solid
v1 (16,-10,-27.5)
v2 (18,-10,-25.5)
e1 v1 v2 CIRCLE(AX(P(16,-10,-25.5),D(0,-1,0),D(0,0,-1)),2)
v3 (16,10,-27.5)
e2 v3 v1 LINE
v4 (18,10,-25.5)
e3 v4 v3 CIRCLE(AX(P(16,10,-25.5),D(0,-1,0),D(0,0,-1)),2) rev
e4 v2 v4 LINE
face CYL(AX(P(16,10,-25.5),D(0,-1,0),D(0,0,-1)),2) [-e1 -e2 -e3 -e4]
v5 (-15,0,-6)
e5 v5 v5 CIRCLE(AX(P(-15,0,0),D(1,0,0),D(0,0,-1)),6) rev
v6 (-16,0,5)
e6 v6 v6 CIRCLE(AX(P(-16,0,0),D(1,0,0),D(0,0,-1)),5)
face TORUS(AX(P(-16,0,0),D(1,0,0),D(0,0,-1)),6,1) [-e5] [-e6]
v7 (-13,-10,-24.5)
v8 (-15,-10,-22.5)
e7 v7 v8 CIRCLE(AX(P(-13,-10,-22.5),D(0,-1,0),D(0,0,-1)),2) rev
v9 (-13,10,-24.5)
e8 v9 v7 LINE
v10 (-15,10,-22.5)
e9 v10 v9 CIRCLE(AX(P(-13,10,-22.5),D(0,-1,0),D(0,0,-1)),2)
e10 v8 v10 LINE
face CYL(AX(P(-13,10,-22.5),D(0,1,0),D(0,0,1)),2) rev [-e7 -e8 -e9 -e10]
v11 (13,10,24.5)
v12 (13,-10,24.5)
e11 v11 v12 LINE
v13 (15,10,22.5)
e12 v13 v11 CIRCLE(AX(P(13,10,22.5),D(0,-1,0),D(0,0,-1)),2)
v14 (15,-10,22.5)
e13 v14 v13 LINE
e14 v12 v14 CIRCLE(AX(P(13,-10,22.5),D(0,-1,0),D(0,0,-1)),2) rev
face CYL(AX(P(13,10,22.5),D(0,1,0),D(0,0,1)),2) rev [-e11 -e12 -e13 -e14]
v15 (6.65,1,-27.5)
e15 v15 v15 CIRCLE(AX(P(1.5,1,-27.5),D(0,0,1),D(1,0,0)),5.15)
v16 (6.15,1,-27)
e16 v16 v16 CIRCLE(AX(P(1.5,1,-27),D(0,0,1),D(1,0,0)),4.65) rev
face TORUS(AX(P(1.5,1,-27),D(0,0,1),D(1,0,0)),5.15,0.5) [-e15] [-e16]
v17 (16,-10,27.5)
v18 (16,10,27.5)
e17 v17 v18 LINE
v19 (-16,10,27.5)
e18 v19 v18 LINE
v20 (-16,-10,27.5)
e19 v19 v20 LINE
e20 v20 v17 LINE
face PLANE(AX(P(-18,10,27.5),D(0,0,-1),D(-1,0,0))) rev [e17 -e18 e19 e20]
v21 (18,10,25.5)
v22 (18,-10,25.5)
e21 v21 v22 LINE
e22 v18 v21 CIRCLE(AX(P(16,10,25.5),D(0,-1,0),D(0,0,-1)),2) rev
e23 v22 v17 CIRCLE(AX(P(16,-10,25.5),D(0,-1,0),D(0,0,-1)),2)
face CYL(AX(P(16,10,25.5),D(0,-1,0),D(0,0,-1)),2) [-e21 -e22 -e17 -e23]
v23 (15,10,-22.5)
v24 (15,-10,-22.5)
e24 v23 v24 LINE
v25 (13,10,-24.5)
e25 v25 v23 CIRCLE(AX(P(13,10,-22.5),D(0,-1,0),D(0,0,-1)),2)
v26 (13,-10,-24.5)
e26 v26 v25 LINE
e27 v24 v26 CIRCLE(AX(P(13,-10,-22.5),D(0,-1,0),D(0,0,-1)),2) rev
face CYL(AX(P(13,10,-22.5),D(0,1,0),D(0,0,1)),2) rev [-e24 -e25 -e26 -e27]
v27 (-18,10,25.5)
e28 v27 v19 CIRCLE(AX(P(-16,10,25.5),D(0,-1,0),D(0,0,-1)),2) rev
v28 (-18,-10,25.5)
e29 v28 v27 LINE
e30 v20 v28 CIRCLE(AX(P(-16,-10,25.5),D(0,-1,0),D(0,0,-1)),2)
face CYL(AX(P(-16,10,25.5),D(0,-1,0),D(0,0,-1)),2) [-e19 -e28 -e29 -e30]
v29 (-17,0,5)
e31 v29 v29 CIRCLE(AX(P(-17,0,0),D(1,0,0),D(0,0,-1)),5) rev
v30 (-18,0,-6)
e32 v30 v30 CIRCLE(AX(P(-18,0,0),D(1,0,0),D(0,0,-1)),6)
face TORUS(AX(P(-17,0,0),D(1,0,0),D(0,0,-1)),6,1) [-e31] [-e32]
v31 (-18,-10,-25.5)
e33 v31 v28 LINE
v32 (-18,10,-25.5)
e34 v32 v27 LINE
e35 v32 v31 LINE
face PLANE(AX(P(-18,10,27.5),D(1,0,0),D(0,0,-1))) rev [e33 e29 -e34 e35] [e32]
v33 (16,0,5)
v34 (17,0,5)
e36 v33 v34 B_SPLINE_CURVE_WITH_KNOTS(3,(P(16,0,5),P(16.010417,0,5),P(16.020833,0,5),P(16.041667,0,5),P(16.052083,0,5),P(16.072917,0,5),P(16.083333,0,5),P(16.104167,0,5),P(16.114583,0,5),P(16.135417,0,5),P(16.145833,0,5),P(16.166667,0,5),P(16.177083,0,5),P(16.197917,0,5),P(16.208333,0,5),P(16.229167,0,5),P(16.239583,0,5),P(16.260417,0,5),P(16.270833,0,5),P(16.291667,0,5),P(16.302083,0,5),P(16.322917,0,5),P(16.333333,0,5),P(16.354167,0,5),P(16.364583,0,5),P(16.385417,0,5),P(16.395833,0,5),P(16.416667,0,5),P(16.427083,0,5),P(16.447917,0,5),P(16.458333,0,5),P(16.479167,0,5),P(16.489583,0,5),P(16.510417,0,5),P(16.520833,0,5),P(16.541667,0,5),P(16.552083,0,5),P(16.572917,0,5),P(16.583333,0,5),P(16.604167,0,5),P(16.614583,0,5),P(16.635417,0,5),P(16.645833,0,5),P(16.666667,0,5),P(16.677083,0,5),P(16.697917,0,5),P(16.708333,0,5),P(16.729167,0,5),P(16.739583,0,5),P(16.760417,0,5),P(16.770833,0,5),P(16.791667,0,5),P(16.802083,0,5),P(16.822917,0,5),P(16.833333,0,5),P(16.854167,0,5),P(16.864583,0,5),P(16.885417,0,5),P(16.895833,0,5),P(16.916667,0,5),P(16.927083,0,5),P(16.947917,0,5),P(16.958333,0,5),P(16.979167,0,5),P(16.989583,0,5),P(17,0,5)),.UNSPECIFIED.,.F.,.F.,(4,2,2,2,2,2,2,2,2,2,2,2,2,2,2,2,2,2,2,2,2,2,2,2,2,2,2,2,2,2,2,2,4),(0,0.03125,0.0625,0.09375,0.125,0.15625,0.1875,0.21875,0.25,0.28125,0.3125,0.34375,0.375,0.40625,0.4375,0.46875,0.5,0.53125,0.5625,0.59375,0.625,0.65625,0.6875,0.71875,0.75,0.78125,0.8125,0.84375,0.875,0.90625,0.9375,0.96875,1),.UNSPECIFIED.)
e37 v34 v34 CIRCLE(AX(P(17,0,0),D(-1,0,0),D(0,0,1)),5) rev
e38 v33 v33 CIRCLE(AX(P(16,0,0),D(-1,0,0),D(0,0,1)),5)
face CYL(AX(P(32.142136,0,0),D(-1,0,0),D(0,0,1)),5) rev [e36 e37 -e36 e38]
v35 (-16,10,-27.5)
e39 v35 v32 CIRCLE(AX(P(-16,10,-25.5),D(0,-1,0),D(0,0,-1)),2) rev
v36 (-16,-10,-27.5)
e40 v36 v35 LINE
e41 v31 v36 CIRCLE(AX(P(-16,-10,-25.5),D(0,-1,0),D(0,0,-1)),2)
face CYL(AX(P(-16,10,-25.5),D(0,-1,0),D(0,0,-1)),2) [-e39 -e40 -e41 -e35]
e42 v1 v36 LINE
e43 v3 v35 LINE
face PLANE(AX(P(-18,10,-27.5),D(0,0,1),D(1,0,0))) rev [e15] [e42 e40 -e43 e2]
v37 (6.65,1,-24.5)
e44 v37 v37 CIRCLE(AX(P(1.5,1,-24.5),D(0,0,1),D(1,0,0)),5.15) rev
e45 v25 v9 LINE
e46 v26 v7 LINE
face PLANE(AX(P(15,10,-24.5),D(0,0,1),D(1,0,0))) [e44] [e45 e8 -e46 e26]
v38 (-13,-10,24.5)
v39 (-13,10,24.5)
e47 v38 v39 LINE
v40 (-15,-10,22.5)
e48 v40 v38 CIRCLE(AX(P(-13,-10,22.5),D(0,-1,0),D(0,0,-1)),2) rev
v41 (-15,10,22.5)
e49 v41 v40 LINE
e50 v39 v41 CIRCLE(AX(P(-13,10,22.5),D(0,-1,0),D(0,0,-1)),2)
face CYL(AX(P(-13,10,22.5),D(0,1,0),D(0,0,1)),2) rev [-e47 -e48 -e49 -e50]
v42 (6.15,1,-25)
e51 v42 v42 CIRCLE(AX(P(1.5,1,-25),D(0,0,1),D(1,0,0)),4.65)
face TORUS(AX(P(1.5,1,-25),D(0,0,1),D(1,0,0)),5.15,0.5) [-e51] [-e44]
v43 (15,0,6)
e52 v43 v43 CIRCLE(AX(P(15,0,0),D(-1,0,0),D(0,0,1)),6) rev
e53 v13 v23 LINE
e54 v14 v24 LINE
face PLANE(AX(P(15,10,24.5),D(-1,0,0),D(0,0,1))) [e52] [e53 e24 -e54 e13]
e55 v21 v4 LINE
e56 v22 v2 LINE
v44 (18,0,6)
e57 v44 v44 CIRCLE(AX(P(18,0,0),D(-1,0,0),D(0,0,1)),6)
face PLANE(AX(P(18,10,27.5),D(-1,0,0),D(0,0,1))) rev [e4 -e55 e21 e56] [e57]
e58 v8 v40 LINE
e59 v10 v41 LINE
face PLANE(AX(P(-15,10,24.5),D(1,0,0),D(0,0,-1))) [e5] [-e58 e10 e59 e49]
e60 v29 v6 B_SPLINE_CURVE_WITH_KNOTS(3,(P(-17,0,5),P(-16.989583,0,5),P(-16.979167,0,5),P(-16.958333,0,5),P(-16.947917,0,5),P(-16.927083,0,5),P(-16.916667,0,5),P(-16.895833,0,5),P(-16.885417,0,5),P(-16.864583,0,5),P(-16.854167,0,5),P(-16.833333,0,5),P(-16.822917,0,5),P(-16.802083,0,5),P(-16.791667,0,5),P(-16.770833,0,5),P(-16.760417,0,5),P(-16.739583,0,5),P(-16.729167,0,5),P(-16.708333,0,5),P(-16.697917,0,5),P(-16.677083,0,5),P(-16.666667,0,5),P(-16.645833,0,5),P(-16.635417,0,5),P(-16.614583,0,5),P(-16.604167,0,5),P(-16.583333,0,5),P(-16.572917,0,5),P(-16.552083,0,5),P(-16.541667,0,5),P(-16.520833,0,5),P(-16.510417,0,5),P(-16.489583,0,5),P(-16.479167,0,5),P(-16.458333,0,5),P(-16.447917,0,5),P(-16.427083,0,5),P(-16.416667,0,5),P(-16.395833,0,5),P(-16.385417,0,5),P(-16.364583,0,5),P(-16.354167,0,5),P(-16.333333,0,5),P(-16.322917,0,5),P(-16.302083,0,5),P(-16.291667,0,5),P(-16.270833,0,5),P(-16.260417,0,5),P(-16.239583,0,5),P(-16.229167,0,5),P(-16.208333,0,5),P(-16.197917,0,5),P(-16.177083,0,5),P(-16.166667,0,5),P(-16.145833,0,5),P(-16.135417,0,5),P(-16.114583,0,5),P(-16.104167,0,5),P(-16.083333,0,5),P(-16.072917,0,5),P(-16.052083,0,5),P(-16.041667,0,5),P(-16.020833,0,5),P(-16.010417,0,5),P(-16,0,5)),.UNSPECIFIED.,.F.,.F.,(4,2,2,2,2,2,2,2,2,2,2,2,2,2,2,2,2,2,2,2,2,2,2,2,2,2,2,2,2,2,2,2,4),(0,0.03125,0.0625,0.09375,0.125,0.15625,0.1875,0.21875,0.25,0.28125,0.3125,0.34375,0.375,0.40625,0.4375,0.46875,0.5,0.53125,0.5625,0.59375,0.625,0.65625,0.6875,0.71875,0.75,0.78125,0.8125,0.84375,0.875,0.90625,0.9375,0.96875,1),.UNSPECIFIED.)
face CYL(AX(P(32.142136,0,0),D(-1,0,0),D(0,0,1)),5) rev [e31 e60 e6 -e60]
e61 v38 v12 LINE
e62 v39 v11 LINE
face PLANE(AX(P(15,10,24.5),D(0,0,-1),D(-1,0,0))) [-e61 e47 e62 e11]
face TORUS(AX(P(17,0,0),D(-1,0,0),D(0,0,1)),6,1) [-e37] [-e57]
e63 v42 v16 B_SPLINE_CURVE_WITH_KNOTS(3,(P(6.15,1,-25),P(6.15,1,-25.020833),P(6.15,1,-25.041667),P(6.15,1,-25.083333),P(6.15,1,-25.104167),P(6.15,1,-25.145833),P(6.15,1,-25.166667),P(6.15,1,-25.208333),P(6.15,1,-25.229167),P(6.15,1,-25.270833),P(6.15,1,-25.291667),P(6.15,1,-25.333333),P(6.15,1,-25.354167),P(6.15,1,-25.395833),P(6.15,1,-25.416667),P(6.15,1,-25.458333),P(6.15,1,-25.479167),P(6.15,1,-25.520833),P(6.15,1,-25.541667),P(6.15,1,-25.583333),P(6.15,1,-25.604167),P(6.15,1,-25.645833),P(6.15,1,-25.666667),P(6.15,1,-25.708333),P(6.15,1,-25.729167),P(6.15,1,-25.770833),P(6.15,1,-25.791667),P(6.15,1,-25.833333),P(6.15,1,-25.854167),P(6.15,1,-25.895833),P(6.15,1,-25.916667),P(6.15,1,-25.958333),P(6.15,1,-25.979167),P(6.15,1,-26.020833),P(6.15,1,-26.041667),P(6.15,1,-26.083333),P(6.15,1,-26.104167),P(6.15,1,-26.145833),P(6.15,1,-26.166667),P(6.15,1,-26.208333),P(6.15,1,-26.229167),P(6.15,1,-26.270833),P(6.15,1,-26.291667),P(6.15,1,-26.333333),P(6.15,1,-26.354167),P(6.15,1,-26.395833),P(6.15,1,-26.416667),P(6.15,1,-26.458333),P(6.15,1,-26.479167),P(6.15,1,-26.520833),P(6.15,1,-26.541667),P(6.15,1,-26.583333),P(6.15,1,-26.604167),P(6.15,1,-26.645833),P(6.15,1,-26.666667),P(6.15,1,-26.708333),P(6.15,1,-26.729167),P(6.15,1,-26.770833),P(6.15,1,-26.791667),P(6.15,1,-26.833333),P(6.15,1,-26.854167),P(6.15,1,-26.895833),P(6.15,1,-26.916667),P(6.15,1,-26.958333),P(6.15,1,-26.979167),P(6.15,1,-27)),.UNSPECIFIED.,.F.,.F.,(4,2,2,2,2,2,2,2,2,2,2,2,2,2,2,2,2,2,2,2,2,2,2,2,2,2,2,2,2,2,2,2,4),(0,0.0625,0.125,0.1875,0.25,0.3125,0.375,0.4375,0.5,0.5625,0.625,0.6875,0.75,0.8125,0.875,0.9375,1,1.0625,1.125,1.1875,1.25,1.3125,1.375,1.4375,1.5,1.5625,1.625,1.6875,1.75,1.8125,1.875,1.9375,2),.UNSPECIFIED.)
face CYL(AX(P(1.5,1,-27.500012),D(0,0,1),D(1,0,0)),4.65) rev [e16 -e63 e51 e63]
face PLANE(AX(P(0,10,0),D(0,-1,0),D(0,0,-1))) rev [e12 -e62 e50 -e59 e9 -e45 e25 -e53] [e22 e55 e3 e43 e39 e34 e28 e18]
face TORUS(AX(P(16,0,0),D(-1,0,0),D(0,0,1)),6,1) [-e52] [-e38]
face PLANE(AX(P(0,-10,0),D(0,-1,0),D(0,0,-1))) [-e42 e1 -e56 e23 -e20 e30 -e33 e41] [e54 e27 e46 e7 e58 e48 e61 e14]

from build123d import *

# Parameters (mm, degrees)
ESBO_O1_W                  = 36
ESBO_O1_H                  = 55
ESBO_O1_W_2                = 30
ESBO_O1_H_2                = 49
SALIENTE_EXTRUIR1_DEPTH    = 10
CORTAR_EXTRUIR4_REACH      = 48.392
CROQUIS8_R                 = 5
REDONDEO1_R                = 2
REDONDEO2_R                = 2
CORTAR_EXTRUIR5_DEPTH      = 59.72818744
CORTAR_EXTRUIR5_DEPTH_BACK = 5
CROQUIS9_R                 = 4.65
REDONDEO5_R                = 0.5
REDONDEO6_R                = 1


with BuildPart() as part:
    # Esboço1 → Saliente-Extruir1 (new, symmetric)
    with BuildSketch(Plane(origin=(0, 0, 0), x_dir=(1, 0, 0), z_dir=(0, 1, 0))):
        Rectangle(ESBO_O1_W, ESBO_O1_H)
        Rectangle(ESBO_O1_W_2, ESBO_O1_H_2, mode=Mode.SUBTRACT)
    extrude(amount=SALIENTE_EXTRUIR1_DEPTH, both=True)

    # Cortar-Extruir4: up to this face of the body (flat: up to its plane)
    cortar_extruir4_end = Plane(part.part.faces().sort_by_distance((18, 0, 0))[0])
    # Croquis8 → Cortar-Extruir4 (cut, up to the picked face)
    with BuildSketch(Plane.ZY.offset(18), mode=Mode.PRIVATE) as cortar_extruir4_sk1:
        Circle(CROQUIS8_R)
    cortar_extruir4_tool1 = split(extrude(cortar_extruir4_sk1.sketch, amount=-CORTAR_EXTRUIR4_REACH, mode=Mode.PRIVATE), bisect_by=cortar_extruir4_end, keep=Keep.BOTH, mode=Mode.PRIVATE)
    add(cortar_extruir4_tool1.solids().sort_by(Axis((-18, 0, 0), (1, 0, 0)))[0], mode=Mode.SUBTRACT)

    # Redondeo1
    redondeo1_edges = [part.edges().sort_by_distance(p)[0] for p in [
        (18, 0, 27.5),
        (-18, 0, 27.5),
        (-18, 0, -27.5),
        (18, 0, -27.5),
    ]]
    fillet(redondeo1_edges, radius=REDONDEO1_R)

    # Redondeo2
    redondeo2_edges = [part.edges().sort_by_distance(p)[0] for p in [
        (-15, 0, -24.5),
        (-15, 0, 24.5),
        (15, 0, 24.5),
        (15, 0, -24.5),
    ]]
    fillet(redondeo2_edges, radius=REDONDEO2_R)

    # Croquis9 → Cortar-Extruir5 (cut, two sides: drawn at the far end of the back side and taken through both)
    with BuildSketch(Plane(origin=(0, 0, -27.5), x_dir=(-1, 0, 0), z_dir=(0, 0, -1)).offset(-CORTAR_EXTRUIR5_DEPTH_BACK)):
        with Locations(Location((-1.5, 1, 0), (0, 0, 180))):
            Circle(CROQUIS9_R)
    extrude(amount=CORTAR_EXTRUIR5_DEPTH + CORTAR_EXTRUIR5_DEPTH_BACK, mode=Mode.SUBTRACT)

    # Redondeo5
    redondeo5_edges = [part.edges().sort_by_distance(p)[0] for p in [
        (-3.15, 1, -24.5),
        (-3.15, 1, -27.5),
    ]]
    fillet(redondeo5_edges, radius=REDONDEO5_R)

    # Redondeo6
    redondeo6_edges = [part.edges().sort_by_distance(p)[0] for p in [
        (15, 0, -5),
        (-15, 0, -5),
        (-18, 0, -5),
        (18, 0, -5),
    ]]
    fillet(redondeo6_edges, radius=REDONDEO6_R)


solid = part.part
